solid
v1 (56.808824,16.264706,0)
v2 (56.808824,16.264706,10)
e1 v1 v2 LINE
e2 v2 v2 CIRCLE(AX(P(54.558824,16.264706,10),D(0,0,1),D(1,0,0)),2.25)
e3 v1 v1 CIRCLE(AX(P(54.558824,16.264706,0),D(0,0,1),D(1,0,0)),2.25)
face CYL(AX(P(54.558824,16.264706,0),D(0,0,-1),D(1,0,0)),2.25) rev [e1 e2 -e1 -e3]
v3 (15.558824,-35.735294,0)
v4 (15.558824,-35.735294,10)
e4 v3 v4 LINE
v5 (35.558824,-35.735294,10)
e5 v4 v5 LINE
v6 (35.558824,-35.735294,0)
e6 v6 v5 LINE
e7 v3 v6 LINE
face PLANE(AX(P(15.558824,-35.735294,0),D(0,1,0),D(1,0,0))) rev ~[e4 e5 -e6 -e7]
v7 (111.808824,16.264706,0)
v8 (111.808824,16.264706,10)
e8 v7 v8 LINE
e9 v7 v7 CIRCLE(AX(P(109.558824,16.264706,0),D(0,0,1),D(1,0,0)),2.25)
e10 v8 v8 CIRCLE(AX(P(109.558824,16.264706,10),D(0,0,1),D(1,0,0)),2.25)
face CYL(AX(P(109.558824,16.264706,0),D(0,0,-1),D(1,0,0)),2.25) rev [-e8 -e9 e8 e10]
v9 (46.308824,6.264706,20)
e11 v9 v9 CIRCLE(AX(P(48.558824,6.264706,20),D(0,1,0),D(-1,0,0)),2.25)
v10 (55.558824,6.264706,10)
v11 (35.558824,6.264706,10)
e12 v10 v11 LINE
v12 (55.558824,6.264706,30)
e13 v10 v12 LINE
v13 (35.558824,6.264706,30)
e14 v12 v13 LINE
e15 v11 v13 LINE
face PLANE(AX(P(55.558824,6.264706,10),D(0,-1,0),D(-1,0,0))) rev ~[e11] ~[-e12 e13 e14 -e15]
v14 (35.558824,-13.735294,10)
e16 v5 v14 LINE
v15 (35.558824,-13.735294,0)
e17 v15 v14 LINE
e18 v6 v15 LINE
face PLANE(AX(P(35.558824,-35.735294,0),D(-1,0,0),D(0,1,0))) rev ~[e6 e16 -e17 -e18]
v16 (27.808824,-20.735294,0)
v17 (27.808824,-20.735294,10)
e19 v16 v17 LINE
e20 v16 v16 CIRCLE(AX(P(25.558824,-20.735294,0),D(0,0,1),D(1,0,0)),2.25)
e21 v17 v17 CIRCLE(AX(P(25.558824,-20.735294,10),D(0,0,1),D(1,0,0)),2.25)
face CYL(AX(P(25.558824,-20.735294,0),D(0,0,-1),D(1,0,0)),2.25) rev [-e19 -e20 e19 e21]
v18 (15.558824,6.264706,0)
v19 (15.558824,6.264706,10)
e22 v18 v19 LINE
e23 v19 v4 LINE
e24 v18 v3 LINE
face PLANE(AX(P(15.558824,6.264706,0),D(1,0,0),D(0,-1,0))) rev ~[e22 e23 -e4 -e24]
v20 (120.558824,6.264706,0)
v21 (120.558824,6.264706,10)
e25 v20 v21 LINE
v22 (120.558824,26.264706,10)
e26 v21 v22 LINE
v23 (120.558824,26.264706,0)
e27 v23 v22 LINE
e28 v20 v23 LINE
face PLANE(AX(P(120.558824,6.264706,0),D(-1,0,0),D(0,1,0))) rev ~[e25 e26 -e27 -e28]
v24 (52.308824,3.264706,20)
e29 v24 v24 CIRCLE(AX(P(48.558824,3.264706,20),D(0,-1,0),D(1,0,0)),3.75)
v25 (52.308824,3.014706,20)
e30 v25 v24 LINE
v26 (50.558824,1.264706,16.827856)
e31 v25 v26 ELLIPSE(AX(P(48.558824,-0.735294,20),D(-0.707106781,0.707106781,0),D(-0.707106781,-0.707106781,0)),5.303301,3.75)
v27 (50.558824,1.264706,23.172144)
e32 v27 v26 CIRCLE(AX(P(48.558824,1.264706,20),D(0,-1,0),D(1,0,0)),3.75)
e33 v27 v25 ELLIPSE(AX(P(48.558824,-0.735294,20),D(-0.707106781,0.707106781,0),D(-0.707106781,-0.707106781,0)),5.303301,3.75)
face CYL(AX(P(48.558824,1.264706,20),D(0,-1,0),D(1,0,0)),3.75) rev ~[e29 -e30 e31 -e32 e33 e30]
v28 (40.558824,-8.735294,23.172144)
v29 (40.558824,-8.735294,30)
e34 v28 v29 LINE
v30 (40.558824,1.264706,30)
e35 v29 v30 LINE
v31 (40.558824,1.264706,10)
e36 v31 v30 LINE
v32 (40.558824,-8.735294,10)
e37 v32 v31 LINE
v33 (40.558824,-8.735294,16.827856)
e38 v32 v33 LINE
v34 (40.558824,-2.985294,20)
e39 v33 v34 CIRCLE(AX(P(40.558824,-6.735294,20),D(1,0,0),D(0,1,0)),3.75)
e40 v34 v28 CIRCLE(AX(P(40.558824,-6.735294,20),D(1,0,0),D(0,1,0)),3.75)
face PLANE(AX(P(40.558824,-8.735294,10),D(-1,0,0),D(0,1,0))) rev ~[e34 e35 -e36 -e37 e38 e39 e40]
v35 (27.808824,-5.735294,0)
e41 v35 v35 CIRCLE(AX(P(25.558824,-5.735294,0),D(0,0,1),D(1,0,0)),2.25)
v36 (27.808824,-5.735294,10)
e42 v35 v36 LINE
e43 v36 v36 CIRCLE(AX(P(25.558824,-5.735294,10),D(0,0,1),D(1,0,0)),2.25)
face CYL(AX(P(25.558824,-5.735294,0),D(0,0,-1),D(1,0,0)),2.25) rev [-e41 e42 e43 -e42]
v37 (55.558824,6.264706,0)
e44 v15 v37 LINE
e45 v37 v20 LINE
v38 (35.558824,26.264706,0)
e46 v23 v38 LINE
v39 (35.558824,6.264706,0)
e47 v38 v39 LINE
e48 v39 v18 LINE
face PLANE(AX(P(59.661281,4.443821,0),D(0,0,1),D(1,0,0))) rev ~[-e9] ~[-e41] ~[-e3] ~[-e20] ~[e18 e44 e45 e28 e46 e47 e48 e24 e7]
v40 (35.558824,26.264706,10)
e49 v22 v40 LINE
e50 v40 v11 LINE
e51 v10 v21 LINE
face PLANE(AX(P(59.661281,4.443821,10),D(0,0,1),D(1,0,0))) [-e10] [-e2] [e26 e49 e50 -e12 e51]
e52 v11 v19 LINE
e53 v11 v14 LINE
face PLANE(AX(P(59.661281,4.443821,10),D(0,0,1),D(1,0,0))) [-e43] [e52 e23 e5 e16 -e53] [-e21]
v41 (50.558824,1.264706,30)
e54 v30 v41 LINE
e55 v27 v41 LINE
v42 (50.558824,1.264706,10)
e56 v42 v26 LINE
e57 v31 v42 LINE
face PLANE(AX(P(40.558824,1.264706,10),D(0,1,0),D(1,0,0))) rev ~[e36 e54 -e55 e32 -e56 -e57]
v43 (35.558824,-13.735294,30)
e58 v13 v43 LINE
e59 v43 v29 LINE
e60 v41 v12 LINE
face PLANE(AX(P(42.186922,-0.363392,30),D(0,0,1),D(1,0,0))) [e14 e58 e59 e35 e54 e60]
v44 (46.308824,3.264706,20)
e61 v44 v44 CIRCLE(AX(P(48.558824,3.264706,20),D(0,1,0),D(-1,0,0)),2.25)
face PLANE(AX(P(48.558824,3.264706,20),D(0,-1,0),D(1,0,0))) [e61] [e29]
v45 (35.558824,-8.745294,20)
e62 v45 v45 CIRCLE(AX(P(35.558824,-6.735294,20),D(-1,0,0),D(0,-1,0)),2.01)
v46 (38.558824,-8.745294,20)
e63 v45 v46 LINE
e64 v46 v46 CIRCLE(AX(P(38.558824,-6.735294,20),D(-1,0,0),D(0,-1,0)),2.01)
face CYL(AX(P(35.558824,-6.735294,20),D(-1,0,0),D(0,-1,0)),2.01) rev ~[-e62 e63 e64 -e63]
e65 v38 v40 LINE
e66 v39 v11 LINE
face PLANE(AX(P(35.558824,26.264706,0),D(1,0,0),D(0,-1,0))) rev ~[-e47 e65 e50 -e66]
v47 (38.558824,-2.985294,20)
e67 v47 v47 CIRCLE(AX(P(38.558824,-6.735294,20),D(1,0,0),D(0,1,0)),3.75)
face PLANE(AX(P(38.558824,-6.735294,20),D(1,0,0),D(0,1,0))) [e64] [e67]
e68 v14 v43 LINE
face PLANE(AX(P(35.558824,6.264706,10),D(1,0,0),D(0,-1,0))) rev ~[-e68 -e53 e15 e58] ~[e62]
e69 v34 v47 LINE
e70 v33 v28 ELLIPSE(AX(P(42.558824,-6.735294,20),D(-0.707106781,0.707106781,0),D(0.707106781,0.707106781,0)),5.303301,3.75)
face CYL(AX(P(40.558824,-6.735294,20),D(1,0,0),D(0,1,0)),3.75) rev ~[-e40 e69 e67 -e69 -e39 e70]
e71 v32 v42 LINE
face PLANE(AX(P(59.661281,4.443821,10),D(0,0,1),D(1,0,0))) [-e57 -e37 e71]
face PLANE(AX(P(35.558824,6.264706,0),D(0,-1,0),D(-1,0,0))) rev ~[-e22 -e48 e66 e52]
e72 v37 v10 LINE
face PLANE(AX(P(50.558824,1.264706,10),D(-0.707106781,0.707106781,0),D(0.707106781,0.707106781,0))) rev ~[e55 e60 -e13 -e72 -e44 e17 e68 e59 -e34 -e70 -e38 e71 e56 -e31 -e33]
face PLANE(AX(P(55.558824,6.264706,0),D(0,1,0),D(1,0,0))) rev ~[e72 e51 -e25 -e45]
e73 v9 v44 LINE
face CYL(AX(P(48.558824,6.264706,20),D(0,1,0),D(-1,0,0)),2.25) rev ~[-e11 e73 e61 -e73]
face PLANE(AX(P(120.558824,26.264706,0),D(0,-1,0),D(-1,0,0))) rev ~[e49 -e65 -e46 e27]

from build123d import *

# Parameters (mm, degrees)
F0_R      = 2.25
F1_DEPTH  = 10
F3_DEPTH  = 20
F4_R      = 2.01
F5_DEPTH  = 5
F6_R      = 2.25
F7_DEPTH  = 5
F8_R      = 3.75
F9_DEPTH  = 2
F10_R     = 3.75
F11_DEPTH = 2


with BuildPart() as f1:
    # F0 (on Top) → F1 (new body)
    with BuildSketch(Plane.XY):
        Polygon((15.558824, 6.264706), (15.558824, -35.735294), (35.558824, -35.735294), (35.558824, -13.735294), (55.558824, 6.264706), (120.558824, 6.264706), (120.558824, 26.264706), (35.558824, 26.264706), (35.558824, 6.264706), align=None)
        with Locations((25.558824, -20.735294)):
            Circle(F0_R, mode=Mode.SUBTRACT)
        with Locations((25.558824, -5.735294)):
            Circle(F0_R, mode=Mode.SUBTRACT)
        with Locations((54.558824, 16.264706)):
            Circle(F0_R, mode=Mode.SUBTRACT)
        with Locations((109.558824, 16.264706)):
            Circle(F0_R, mode=Mode.SUBTRACT)
    extrude(amount=F1_DEPTH)

    # F2 (on face) → F3 (join)
    with BuildSketch(Plane.XY.offset(10)):
        Polygon((55.558824, 6.264706), (35.558824, 6.264706), (35.558824, -13.735294), (40.558824, -8.735294), (40.558824, 1.264706), (45.558824, 1.264706), (50.558824, 1.264706), align=None)
    extrude(amount=F3_DEPTH)

    # F4 (on face) → F5 (cut)
    with BuildSketch(Plane(origin=(35.558824, 0, 0), x_dir=(0, -1, 0), z_dir=(-1, 0, 0))):
        with Locations((6.735294, 20)):
            Circle(F4_R)
    extrude(amount=-F5_DEPTH, mode=Mode.SUBTRACT)

    # F6 (on face) → F7 (cut)
    with BuildSketch(Plane(origin=(0, 6.264706, 0), x_dir=(-1, 0, 0), z_dir=(0, 1, 0))):
        with Locations((-48.558824, 20)):
            Circle(F6_R)
    extrude(amount=-F7_DEPTH, mode=Mode.SUBTRACT)

    # F8 (on face) → F9 (cut)
    with BuildSketch(Plane.XZ.offset(-1.264706)):
        with Locations((48.558824, 20)):
            Circle(F8_R)
    extrude(amount=-F9_DEPTH, mode=Mode.SUBTRACT)

    # F10 (on face) → F11 (cut)
    with BuildSketch(Plane.YZ.offset(40.558824)):
        with Locations((-6.735294, 20)):
            Circle(F10_R)
    extrude(amount=-F11_DEPTH, mode=Mode.SUBTRACT)


solid = f1.part
